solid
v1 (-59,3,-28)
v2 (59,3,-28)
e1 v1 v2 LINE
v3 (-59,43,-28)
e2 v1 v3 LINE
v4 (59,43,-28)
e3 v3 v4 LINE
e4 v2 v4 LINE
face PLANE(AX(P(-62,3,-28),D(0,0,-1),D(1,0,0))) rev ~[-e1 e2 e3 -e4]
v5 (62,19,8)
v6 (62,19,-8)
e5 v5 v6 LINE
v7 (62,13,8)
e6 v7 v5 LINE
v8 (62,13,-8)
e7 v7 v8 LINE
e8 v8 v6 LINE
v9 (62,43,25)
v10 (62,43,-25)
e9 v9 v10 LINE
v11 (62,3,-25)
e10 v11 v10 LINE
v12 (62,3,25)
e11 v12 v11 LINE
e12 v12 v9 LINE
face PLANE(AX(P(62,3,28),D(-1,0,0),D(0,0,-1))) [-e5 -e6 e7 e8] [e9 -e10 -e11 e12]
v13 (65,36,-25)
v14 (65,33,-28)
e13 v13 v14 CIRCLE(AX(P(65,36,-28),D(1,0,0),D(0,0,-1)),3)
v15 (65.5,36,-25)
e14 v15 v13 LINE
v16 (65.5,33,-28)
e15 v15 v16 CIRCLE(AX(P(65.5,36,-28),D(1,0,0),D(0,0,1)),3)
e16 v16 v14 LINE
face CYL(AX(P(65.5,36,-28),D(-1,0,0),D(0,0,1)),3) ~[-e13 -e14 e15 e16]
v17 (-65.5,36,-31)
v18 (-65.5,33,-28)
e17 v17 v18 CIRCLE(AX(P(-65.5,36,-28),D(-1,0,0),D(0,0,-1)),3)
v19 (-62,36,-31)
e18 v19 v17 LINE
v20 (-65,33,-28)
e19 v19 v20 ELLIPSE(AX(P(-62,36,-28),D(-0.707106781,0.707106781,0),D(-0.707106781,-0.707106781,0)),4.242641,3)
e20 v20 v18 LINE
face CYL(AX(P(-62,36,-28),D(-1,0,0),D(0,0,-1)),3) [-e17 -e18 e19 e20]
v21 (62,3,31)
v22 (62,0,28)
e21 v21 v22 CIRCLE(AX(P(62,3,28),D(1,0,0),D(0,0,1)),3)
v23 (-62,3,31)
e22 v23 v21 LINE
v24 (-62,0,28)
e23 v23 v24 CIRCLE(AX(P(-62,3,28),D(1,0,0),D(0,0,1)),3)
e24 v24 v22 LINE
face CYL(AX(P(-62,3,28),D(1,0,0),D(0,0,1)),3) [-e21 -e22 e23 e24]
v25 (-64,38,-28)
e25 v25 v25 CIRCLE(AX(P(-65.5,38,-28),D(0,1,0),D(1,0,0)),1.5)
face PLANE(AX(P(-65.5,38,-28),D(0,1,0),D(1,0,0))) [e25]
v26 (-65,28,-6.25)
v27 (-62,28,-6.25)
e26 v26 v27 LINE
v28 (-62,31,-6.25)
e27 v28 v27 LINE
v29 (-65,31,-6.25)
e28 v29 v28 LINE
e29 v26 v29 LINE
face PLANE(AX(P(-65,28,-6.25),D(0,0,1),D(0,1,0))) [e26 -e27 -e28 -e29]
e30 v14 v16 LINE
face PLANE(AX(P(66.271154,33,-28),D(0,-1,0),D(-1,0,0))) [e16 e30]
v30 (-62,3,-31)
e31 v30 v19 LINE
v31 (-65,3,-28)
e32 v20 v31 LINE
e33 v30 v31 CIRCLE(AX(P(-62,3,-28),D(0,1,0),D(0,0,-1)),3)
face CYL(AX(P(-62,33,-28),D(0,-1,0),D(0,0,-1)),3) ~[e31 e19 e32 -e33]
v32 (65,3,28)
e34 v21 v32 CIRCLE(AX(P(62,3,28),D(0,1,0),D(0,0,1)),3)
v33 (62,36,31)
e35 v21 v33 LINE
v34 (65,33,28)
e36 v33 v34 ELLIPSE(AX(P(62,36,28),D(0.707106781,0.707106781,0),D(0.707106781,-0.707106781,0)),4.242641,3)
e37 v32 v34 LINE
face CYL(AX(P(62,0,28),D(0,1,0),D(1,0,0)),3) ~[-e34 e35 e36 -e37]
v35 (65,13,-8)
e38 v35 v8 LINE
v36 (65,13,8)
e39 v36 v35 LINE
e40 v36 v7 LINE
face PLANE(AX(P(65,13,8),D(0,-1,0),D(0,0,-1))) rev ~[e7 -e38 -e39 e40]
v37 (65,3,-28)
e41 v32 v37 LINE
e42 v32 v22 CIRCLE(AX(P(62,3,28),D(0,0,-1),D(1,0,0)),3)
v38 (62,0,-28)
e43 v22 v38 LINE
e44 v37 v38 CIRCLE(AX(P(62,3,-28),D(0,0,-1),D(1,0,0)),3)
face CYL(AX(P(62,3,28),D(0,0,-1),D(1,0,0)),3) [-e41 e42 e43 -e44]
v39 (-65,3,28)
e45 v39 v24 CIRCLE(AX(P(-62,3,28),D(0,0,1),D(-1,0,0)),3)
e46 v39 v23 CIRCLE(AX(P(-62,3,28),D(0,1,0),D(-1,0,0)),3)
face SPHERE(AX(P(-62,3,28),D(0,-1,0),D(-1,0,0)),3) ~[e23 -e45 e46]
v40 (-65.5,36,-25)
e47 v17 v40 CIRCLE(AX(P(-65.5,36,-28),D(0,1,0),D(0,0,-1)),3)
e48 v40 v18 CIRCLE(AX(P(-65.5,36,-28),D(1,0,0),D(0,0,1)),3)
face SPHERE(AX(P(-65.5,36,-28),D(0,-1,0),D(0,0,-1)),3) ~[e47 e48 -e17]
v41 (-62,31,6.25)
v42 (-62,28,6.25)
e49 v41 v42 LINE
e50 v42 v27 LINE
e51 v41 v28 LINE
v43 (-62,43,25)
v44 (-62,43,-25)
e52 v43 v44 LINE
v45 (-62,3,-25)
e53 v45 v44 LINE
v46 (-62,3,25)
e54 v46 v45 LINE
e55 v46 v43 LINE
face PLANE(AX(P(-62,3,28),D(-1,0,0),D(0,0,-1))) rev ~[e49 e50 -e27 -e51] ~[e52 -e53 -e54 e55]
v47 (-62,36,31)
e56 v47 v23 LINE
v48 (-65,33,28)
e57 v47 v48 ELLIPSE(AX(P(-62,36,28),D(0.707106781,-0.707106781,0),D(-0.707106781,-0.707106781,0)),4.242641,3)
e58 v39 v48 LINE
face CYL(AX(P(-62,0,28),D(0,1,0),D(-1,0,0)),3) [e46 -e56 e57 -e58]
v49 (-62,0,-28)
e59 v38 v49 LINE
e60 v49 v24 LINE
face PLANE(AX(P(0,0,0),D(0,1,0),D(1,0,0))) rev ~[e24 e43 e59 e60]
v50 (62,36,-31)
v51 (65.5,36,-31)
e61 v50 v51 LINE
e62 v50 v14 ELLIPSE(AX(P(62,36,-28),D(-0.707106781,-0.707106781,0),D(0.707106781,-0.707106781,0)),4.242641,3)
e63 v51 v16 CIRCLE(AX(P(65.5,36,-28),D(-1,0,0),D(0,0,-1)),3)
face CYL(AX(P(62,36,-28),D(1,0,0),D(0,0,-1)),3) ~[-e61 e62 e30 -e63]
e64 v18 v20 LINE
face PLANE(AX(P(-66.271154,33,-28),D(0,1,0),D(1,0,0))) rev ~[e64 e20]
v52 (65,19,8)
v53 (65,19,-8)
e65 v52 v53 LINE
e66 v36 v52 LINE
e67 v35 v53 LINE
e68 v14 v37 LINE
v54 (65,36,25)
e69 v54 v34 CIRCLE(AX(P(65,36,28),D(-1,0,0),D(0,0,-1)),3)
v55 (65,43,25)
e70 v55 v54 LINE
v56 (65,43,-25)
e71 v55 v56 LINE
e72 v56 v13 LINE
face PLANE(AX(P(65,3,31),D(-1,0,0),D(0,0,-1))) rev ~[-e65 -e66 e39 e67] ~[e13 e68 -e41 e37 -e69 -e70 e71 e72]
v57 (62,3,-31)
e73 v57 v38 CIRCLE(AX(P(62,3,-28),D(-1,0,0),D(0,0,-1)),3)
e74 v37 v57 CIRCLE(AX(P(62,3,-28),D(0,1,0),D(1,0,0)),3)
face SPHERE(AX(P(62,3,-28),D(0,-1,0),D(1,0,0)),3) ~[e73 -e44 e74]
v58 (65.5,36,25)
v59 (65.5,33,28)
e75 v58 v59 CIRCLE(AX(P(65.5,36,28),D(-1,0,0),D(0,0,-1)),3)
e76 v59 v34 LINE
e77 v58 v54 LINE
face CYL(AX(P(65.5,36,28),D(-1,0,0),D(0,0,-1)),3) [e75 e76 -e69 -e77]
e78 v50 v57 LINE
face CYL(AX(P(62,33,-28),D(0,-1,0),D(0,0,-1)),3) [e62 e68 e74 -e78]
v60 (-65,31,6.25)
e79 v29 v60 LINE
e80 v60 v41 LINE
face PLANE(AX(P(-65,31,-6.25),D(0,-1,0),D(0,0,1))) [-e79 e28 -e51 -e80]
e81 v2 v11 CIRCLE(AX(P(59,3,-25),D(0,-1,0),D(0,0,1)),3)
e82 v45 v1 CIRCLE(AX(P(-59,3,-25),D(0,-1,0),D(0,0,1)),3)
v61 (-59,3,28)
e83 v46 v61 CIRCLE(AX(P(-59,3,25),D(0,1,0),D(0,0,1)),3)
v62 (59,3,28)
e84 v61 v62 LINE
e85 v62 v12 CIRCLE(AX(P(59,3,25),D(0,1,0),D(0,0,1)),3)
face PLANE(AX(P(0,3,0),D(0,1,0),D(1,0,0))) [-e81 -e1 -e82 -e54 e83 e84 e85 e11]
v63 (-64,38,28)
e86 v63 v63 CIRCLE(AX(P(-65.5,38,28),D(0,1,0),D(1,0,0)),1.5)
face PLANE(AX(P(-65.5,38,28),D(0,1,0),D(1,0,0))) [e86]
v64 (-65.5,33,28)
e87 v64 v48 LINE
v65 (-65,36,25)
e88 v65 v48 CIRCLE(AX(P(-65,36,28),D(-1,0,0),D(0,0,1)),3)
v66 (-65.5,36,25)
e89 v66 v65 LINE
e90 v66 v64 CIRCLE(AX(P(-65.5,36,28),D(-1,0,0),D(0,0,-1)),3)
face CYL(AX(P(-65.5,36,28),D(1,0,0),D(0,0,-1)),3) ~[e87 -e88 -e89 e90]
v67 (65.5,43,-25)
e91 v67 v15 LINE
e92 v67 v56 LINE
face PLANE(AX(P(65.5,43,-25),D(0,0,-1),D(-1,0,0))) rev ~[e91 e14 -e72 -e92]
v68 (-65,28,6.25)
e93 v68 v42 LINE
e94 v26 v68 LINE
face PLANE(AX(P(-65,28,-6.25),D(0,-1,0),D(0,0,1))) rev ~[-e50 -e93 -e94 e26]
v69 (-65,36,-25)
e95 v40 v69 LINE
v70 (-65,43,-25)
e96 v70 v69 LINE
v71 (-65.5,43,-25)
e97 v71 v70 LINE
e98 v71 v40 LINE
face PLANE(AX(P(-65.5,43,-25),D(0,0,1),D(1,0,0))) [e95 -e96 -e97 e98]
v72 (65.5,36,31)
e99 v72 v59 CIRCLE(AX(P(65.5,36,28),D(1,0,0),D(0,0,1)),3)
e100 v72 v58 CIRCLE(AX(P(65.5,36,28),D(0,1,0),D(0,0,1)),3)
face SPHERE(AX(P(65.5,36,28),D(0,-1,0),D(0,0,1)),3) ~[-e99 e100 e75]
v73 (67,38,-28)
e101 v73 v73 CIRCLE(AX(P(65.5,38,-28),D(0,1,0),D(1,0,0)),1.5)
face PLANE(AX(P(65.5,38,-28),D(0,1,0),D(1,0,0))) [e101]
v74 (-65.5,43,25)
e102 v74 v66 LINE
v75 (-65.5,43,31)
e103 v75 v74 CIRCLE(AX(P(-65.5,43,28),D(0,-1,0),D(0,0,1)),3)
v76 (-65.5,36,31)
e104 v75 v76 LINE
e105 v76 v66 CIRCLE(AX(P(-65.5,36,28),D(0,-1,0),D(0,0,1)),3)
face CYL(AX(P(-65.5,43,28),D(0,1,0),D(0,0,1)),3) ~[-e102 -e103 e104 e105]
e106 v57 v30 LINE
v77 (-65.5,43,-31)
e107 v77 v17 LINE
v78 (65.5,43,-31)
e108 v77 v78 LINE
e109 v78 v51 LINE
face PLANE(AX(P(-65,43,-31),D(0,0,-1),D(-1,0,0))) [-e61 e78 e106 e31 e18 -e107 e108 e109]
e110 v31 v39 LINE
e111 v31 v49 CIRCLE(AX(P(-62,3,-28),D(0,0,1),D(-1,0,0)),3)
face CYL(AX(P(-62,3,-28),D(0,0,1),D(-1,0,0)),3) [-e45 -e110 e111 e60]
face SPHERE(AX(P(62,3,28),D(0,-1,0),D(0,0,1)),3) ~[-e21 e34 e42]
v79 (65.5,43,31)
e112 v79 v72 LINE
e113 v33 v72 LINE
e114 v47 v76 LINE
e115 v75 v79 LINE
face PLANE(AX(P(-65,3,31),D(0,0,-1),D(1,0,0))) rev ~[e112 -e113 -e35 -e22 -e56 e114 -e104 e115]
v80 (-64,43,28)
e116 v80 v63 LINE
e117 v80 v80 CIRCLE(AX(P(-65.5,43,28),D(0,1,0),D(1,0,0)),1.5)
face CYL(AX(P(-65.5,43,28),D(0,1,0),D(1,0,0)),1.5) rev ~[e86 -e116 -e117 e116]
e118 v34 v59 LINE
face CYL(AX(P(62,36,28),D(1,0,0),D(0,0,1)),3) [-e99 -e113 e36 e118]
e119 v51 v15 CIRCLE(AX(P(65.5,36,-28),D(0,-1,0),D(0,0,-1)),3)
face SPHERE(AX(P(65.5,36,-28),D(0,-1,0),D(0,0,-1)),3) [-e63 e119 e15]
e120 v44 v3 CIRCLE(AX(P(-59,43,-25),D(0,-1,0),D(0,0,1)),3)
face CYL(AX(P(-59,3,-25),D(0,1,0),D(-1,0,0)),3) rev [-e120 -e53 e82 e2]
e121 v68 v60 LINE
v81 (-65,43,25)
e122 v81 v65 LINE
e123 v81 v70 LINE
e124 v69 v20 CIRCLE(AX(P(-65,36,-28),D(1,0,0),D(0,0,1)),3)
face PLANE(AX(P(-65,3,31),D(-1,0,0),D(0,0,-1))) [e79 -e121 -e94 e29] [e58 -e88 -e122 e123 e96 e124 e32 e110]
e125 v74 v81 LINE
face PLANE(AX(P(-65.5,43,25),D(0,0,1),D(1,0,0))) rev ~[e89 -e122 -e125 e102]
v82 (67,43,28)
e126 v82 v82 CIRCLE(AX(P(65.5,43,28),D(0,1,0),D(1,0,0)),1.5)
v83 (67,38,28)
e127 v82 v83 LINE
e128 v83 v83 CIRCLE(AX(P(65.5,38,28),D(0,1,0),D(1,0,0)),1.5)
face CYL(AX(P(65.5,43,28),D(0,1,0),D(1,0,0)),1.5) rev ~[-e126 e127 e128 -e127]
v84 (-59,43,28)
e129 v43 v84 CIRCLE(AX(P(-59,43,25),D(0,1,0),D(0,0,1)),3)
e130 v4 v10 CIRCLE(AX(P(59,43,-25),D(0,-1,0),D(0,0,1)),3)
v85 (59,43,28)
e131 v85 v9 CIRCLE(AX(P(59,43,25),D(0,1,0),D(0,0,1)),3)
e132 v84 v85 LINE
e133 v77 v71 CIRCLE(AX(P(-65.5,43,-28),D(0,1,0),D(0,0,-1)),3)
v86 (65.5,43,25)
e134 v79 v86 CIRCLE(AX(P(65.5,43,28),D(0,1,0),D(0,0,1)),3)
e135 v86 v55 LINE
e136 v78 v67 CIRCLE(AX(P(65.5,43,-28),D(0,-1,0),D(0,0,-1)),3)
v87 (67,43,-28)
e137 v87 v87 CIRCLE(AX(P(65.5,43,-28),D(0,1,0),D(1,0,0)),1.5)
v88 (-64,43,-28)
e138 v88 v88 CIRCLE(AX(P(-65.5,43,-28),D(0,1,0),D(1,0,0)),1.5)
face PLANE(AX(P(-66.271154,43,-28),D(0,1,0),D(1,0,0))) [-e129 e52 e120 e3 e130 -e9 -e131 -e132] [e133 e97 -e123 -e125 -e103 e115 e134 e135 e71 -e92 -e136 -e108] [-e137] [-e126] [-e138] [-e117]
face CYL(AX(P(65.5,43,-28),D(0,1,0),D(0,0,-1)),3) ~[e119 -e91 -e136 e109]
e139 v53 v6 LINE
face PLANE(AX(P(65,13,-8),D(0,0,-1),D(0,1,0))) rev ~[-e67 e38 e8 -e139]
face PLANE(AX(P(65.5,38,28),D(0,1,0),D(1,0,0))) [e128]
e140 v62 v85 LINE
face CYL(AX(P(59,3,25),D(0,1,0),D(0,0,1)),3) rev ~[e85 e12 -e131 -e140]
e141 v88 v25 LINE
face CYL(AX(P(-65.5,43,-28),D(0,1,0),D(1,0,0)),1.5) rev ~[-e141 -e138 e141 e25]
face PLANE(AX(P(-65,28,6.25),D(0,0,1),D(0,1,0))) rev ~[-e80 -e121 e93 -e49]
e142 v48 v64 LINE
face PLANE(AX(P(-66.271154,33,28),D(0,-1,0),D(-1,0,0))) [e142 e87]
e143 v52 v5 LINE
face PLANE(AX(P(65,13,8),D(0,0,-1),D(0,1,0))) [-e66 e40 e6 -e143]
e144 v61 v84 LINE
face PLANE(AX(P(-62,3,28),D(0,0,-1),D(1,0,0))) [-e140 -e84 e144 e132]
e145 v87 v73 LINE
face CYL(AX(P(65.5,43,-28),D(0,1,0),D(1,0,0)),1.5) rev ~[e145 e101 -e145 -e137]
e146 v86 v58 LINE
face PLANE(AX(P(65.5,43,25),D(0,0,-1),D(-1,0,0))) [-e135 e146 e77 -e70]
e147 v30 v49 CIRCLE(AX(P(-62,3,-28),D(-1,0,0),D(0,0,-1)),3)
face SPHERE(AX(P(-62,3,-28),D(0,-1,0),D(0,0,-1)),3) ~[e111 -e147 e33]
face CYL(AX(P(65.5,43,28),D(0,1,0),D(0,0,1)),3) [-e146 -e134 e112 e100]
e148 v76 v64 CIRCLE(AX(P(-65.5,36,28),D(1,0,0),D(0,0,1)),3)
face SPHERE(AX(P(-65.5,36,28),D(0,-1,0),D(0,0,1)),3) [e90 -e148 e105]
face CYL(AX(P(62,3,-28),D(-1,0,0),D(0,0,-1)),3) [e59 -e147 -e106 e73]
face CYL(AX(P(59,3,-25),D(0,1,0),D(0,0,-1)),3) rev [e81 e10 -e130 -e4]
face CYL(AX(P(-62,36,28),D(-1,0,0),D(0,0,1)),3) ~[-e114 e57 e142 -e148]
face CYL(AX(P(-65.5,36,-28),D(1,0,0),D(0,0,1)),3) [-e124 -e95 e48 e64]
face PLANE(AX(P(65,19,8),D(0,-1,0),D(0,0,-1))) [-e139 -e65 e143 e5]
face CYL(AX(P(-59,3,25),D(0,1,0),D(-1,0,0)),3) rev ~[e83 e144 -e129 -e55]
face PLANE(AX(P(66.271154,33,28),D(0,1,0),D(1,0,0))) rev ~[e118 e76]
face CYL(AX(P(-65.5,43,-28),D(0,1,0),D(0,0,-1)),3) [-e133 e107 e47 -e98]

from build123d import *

# Parameters (mm, degrees)
SKETCH1_W           = 130
SKETCH1_H           = 62
BOSS_EXTRUDE1_DEPTH = 3
SKETCH2_W           = 130
SKETCH2_H           = 62
SKETCH2_W_2         = 124
SKETCH2_H_2         = 56
BOSS_EXTRUDE2_DEPTH = 40
CUT_EXTRUDE1_REACH  = 132
SKETCH3_W           = 16
SKETCH3_H           = 6
CUT_EXTRUDE2_REACH  = 132
SKETCH4_W           = 12.5
SKETCH4_H           = 3
BOSS_EXTRUDE3_DEPTH = 10
SKETCH6_R           = 1.5
CUT_EXTRUDE3_DEPTH  = 5
FILLET1_R           = 3
FILLET2_R           = 3
FILLET3_R           = 3


with BuildPart() as part:
    # Sketch1 → Boss-Extrude1 (new body)
    with BuildSketch(Plane(origin=(0, 0, 0), x_dir=(1, 0, 0), z_dir=(0, 1, 0))):
        Rectangle(SKETCH1_W, SKETCH1_H)
    extrude(amount=BOSS_EXTRUDE1_DEPTH)

    # Sketch2 → Boss-Extrude2 (add)
    with BuildSketch(Plane(origin=(0, 3, 0), x_dir=(1, 0, 0), z_dir=(0, 1, 0))):
        Rectangle(SKETCH2_W, SKETCH2_H)
        Rectangle(SKETCH2_W_2, SKETCH2_H_2, mode=Mode.SUBTRACT)
    extrude(amount=BOSS_EXTRUDE2_DEPTH)

    # Sketch3 → Cut-Extrude1 (cut, up to next)
    with BuildSketch(Plane(origin=(65, 0, 0), x_dir=(0, 0, -1), z_dir=(1, 0, 0)), mode=Mode.PRIVATE) as cut_extrude1_sk1:
        with Locations((0, 16)):
            Rectangle(SKETCH3_W, SKETCH3_H)
    cut_extrude1_tool1 = extrude(cut_extrude1_sk1.sketch, amount=-CUT_EXTRUDE1_REACH, mode=Mode.PRIVATE) & part.part
    add(cut_extrude1_tool1.solids().sort_by_distance((65, 16, 0))[0], mode=Mode.SUBTRACT)

    # Sketch4 → Cut-Extrude2 (cut, up to next)
    with BuildSketch(Plane.ZY.offset(65), mode=Mode.PRIVATE) as cut_extrude2_sk1:
        with Locations((0, 29.5)):
            Rectangle(SKETCH4_W, SKETCH4_H)
    cut_extrude2_tool1 = extrude(cut_extrude2_sk1.sketch, amount=-CUT_EXTRUDE2_REACH, mode=Mode.PRIVATE) & part.part
    add(cut_extrude2_tool1.solids().sort_by_distance((-65, 29.5, 0))[0], mode=Mode.SUBTRACT)

    # Sketch5 → Boss-Extrude3 (add)
    with BuildSketch(Plane(origin=(0, 43, 0), x_dir=(1, 0, 0), z_dir=(0, 1, 0))):
        with BuildLine():
            Line((-65, 31), (-65.5, 31))
            ThreePointArc((-65.5, 31), (-68.5, 28), (-65.5, 25))
            Line((-65.5, 25), (-65, 25))
            Line((-65, 25), (-65, 31))
        make_face()
        with BuildLine():
            Line((-65.5, -25), (-65, -25))
            Line((-65, -25), (-65, -31))
            Line((-65, -31), (-65.5, -31))
            ThreePointArc((-65.5, -31), (-68.5, -28), (-65.5, -25))
        make_face()
        with BuildLine():
            Line((65.5, 25), (65, 25))
            Line((65, 25), (65, 31))
            Line((65, 31), (65.5, 31))
            ThreePointArc((65.5, 31), (68.5, 28), (65.5, 25))
        make_face()
        with BuildLine():
            Line((65.5, -25), (65, -25))
            Line((65, -25), (65, -31))
            Line((65, -31), (65.5, -31))
            ThreePointArc((65.5, -31), (68.5, -28), (65.5, -25))
        make_face()
    extrude(amount=-BOSS_EXTRUDE3_DEPTH)

    # Sketch6 → Cut-Extrude3 (cut)
    with BuildSketch(Plane(origin=(0, 43, 0), x_dir=(1, 0, 0), z_dir=(0, 1, 0))):
        with Locations((-65.5, 28)):
            Circle(SKETCH6_R)
        with Locations((-65.5, -28)):
            Circle(SKETCH6_R)
        with Locations((65.5, -28)):
            Circle(SKETCH6_R)
        with Locations((65.5, 28)):
            Circle(SKETCH6_R)
    extrude(amount=-CUT_EXTRUDE3_DEPTH, mode=Mode.SUBTRACT)

    # Fillet1
    fillet1_edges = [part.edges().sort_by_distance(p)[0] for p in [
        (-65, 16.5, 31),
        (65, 16.5, -31),
        (65, 16.5, 31),
        (-62, 23, 28),
        (62, 23, 28),
        (62, 23, -28),
        (-62, 23, -28),
        (-65, 16.5, -31),
    ]]
    fillet(fillet1_edges, radius=FILLET1_R)

    # Fillet2
    fillet2_edges = [part.edges().sort_by_distance(p)[0] for p in [
        (65.25, 33, -25),
        (63.5, 33, -31),
        (63.5, 33, 31),
        (65.25, 33, 25),
        (-63.5, 33, -31),
        (-65.25, 33, -25),
        (-65.25, 33, 25),
        (-63.5, 33, 31),
        (68.5, 33, -28),
        (68.5, 33, 28),
        (-68.5, 33, -28),
        (-68.5, 33, 28),
    ]]
    fillet(fillet2_edges, radius=FILLET2_R)

    # Fillet3
    fillet3_edges = [part.edges().sort_by_distance(p)[0] for p in [
        (0, 0, 31),
        (65, 0, 0),
        (-65, 0, 0),
        (0, 0, -31),
        (-64.121320344, 0, -30.121320344),
        (64.121320344, 0, -30.121320344),
        (64.121320344, 0, 30.121320344),
        (-64.121320344, 0, 30.121320344),
    ]]
    fillet(fillet3_edges, radius=FILLET3_R)


solid = part.part
